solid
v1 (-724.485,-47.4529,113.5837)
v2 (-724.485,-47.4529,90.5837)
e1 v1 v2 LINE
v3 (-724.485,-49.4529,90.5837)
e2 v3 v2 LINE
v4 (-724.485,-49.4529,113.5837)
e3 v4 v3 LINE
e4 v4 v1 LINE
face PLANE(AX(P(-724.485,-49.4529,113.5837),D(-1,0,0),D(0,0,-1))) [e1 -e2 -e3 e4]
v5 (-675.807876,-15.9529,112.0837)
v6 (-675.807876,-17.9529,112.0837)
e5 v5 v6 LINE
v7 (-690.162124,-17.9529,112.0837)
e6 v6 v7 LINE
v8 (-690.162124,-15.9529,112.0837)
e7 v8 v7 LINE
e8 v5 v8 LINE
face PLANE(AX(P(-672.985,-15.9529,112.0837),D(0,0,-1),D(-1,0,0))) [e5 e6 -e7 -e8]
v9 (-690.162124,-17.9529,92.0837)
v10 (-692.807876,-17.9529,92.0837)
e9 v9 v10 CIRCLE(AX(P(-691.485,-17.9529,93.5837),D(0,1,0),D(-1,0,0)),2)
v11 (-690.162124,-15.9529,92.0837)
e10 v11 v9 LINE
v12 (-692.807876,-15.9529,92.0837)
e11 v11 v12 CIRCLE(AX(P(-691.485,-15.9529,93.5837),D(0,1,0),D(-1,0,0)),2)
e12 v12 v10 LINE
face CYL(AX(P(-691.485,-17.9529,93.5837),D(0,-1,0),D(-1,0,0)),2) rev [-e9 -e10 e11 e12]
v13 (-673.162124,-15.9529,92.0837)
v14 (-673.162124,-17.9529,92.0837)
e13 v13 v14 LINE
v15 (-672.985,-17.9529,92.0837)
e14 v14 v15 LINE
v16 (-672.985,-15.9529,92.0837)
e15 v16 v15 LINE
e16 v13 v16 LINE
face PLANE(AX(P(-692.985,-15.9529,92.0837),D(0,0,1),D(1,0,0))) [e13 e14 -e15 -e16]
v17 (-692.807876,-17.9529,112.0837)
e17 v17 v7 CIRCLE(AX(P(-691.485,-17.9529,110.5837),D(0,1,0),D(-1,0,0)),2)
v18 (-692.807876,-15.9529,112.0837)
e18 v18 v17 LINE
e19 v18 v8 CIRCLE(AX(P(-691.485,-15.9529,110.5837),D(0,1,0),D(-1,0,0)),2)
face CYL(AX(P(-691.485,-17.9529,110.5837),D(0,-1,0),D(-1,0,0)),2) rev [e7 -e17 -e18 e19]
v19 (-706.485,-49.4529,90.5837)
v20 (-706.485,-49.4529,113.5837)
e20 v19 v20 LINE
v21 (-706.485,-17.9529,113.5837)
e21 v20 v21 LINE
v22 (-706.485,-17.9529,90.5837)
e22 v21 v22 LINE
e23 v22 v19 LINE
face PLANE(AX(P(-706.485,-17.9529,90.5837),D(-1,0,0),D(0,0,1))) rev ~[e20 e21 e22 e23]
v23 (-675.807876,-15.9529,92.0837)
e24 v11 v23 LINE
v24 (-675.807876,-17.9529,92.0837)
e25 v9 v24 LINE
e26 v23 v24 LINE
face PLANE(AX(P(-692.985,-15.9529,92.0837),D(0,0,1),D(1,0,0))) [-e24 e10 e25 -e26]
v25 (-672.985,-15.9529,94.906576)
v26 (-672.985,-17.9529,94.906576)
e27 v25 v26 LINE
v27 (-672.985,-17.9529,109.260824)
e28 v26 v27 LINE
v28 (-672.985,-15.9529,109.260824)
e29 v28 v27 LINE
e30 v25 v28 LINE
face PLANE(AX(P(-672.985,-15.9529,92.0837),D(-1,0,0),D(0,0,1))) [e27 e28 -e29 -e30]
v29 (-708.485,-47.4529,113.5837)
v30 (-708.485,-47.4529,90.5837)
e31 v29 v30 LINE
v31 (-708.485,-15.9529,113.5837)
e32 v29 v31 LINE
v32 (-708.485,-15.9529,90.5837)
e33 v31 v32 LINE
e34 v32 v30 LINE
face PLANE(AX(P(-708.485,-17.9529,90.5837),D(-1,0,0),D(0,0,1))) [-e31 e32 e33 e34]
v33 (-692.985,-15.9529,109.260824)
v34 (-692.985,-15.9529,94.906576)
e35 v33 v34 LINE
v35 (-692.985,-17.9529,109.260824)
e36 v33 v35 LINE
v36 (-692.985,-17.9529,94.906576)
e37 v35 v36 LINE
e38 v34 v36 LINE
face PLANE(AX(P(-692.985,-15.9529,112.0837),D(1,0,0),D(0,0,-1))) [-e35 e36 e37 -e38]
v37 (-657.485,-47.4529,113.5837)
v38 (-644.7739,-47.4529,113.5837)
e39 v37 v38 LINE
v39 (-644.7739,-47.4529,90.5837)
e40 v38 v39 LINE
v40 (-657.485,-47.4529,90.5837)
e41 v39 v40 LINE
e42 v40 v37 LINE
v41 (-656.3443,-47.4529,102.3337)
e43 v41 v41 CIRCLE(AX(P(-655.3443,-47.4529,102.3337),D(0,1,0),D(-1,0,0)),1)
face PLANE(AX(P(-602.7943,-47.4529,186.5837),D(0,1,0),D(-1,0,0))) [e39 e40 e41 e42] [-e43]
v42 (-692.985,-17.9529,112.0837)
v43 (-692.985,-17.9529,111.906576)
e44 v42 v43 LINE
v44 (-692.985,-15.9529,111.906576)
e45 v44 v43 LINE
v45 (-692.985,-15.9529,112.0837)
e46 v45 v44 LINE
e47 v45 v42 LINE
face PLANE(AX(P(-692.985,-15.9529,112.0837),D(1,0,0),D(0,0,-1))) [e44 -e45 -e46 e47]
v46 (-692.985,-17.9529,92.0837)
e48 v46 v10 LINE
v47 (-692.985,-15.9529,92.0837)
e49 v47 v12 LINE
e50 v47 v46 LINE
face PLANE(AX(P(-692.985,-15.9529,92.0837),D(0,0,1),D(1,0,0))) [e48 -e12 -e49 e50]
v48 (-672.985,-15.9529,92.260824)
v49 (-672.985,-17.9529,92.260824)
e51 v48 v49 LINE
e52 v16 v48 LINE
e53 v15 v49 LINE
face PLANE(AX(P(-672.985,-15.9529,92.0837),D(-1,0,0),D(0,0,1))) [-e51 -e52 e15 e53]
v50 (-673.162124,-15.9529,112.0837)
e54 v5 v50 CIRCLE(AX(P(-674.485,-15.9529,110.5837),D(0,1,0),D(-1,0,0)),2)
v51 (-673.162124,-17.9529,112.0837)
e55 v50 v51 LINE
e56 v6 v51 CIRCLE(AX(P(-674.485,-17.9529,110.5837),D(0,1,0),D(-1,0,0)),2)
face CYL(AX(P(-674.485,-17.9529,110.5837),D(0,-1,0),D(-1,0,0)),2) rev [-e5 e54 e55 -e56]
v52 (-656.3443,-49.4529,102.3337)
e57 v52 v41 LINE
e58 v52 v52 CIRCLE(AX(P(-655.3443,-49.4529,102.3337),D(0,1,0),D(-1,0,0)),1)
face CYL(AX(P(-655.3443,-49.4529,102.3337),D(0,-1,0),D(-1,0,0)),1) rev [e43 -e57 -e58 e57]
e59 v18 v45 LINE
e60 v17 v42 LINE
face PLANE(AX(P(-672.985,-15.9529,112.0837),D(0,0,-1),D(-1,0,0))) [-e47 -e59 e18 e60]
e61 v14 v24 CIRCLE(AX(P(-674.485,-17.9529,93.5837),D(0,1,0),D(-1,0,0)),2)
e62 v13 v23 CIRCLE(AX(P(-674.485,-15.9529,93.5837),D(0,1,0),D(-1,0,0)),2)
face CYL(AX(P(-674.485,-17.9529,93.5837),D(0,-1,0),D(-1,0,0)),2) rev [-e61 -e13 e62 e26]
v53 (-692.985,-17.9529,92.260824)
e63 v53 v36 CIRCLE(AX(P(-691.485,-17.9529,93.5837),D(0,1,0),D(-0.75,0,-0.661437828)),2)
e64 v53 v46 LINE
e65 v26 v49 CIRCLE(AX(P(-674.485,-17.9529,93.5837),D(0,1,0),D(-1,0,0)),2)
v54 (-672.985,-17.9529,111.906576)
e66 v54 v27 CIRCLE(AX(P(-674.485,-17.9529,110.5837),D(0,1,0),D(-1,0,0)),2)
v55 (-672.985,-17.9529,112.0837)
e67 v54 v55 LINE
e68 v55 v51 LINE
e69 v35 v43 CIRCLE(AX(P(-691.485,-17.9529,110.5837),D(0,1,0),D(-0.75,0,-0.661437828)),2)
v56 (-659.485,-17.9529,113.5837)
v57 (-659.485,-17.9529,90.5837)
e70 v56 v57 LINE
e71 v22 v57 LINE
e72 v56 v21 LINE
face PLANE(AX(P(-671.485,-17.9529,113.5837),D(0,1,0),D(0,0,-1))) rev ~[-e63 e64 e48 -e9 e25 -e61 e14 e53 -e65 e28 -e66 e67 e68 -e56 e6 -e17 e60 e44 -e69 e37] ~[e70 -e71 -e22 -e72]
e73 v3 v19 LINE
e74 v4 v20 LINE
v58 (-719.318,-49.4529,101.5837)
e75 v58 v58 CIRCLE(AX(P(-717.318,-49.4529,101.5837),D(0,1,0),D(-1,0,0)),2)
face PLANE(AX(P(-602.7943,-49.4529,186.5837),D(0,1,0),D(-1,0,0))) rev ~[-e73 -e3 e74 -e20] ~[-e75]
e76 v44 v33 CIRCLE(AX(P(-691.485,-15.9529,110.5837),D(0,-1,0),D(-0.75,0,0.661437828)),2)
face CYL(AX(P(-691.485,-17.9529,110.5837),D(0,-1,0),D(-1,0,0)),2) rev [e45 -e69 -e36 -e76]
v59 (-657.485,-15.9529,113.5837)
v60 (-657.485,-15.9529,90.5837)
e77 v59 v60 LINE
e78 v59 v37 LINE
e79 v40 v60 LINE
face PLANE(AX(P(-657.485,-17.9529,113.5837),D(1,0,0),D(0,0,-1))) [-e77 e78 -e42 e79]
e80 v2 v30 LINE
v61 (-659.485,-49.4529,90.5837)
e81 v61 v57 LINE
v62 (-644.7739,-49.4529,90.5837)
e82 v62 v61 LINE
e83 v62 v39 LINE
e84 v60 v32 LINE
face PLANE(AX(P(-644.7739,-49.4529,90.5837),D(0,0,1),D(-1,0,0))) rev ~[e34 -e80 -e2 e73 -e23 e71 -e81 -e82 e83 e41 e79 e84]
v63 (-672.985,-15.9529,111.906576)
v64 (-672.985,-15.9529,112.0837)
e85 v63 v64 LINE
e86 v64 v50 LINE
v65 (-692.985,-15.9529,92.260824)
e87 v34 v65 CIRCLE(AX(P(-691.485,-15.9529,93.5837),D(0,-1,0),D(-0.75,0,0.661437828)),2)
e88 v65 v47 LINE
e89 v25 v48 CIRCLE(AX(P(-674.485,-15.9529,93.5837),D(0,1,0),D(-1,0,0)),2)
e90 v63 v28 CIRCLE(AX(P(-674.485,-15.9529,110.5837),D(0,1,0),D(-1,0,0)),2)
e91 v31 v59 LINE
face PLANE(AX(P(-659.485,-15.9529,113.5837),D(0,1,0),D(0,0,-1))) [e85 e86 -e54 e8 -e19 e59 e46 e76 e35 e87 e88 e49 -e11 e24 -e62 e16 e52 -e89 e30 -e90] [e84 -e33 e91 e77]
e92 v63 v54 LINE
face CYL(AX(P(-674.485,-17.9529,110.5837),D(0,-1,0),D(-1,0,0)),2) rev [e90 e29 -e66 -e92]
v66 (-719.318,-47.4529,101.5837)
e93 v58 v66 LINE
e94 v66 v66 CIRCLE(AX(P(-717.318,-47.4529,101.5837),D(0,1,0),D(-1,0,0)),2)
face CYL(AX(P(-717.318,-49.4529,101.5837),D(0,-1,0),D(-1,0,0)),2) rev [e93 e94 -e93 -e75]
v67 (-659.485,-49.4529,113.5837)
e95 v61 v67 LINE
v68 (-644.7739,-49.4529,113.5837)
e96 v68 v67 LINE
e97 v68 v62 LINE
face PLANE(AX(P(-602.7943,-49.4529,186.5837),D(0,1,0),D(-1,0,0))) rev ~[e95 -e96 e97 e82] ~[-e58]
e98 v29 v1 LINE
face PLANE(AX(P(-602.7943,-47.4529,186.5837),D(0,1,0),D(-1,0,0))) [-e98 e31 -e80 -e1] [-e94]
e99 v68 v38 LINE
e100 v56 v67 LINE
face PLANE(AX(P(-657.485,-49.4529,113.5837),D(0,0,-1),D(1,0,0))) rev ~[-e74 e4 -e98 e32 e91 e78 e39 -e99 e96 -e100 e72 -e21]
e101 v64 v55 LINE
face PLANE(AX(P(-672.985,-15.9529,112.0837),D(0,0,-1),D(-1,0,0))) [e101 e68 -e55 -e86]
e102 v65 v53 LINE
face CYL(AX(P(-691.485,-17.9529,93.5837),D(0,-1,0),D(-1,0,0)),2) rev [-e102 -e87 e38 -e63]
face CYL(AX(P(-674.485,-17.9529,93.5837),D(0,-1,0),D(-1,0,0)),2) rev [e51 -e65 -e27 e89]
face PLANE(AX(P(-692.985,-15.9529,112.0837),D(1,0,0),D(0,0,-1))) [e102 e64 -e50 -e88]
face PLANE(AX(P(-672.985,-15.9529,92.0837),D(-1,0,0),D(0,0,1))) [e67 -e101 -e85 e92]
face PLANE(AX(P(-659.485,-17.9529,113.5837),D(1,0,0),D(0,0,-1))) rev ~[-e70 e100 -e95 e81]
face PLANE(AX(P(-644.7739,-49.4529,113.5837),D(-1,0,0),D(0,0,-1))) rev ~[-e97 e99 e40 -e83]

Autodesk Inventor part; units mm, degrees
ref_plane "YZ Plane" through (0, 0, 0) normal (1, 0, 0) x (0, 1, 0)
ref_plane "XZ Plane" through (0, 0, 0) normal (0, 1, 0) x (-1, 0, 0)
ref_plane "XY Plane" through (0, 0, 0) normal (0, 0, 1) x (1, 0, 0)
ref_plane "РабПлоскость2" through (-682.985, -17.9529, 102.0837) normal (0, 1, 0) x (-1, 0, 0)
ref_plane "РабПлоскость3" through (1272.2614, -51.4529, 81.5837) normal (0, 0, 1) x (1, 0, 0)
sketch "Эскиз1" plane through (1272.2614, -51.4529, 81.5837) normal (0, 0, 1) x (1, 0, 0)
  point P0 (-1272.2614, 51.4529)
sketch "Эскиз2" plane through (-682.985, -17.9529, 102.0837) normal (0, 1, 0) x (-1, 0, 0)
  line L0 (-11.5, -11.5) -> (11.5, -11.5)
  line L1 (11.5, -11.5) -> (11.5, 11.5)
  line L2 (11.5, 11.5) -> (-11.5, 11.5)
  line L3 (-11.5, 11.5) -> (-11.5, -11.5)
  line L4 (-11.5, -11.5) -> (11.5, 11.5) construction
  line L5 (11.5, -11.5) -> (-11.5, 11.5) construction
  circle A0 centre (8.5, 8.5) radius 2
  circle A1 centre (8.5, -8.5) radius 2
  line L6 (0, 20.5912) -> (0, -22.1181)
  circle A2 centre (-8.5, 8.5) radius 2
  circle A3 centre (-8.5, -8.5) radius 2
  point P0 (-682.985, -102.0837)
  point P1 (0, 0)
  point P2 (0, 0)
  dimension "d0" = 23
  dimension "d1" = 23
  dimension "d2" = 4
  dimension "d5" = 3
  dimension "d6" = 3
  dimension "d7" = 4
  dimension "d8" = 3
  dimension "d9" = 3
extrude "Выдавливание1" add sketch "Эскиз2" along normal blind 2
sketch "Эскиз3" plane through (-694.485, -17.9529, 90.5837) normal (-1, 0, 0) x (0, 0, 1)
  line L0 (23, 0) -> (0, 0) projected
  line L1 (23, 2) -> (0, 2)
  line L2 (0, 2) -> (0, 0)
  line L3 (0, 0) -> (23, 0)
  line L4 (23, 0) -> (23, 2)
  point P0 (-90.5837, 17.9529)
extrude "Выдавливание2" add sketch "Эскиз3" along normal blind 12
sketch "Эскиз6" plane through (-706.485, -17.9529, 90.5837) normal (-1, 0, 0) x (0, 0, 1)
  line L0 (23, 2) -> (0, 2)
  line L1 (0, 2) -> (0, -31.5)
  line L2 (0, -31.5) -> (23, -31.5)
  line L3 (23, -31.5) -> (23, 2)
  point P0 (-90.5837, 17.9529)
  dimension "d14" = 33.5
extrude "Выдавливание3" add sketch "Эскиз6" along normal blind 2
sketch "Эскиз7" plane through (-671.485, -17.9529, 113.5837) normal (1, 0, 0) x (0, 0, -1)
  point P0 (113.5837, 17.9529)
sketch "Эскиз8" plane through (-682.985, -17.9529, 102.0837) normal (0, 1, 0) x (-1, 0, 0)
  point P0 (-682.985, -102.0837)
sketch "Эскиз9" plane through (-671.485, -17.9529, 113.5837) normal (1, 0, 0) x (0, 0, -1)
  line L0 (23, 0) -> (23, 2) projected
  line L1 (23, 2) -> (0, 2)
  line L2 (0, 2) -> (0, 0)
  line L3 (0, 0) -> (23, 0)
  line L4 (23, 0) -> (23, 2)
  point P0 (113.5837, 17.9529)
extrude "Выдавливание4" add sketch "Эскиз9" along normal blind 12
sketch "Эскиз10" plane through (-659.485, -17.9529, 113.5837) normal (1, 0, 0) x (0, 0, -1)
  line L0 (0, 2) -> (23, 2) projected
  line L1 (23, -31.5) -> (0, -31.5) projected
  line L2 (23, 2) -> (0, 2)
  line L3 (0, 2) -> (0, -31.5)
  line L4 (0, -31.5) -> (23, -31.5)
  line L5 (23, -31.5) -> (23, 2)
  point P0 (113.5837, 17.9529)
  point P1 (23, -31.5)
extrude "Выдавливание5" add sketch "Эскиз10" along normal blind 2
sketch "Эскиз11" plane through (-682.985, -15.9529, 102.0837) normal (0, 1, 0) x (1, 0, 0)
  line L0 (6.5, -6.5) -> (-6.5, -6.5)
  line L1 (-6.5, -6.5) -> (-6.5, 6.5)
  line L2 (-6.5, 6.5) -> (6.5, 6.5)
  line L3 (6.5, 6.5) -> (6.5, -6.5)
  line L4 (6.5, -6.5) -> (-6.5, 6.5) construction
  line L5 (-6.5, -6.5) -> (6.5, 6.5) construction
  point P0 (682.985, 102.0837)
  point P1 (0, 0)
  point P2 (0, 0)
  dimension "d21" = 13
  dimension "d22" = 13
extrude "Выдавливание6" cut sketch "Эскиз11" against normal blind 10
ref_plane "РабПлоскость4" through (-602.7943, -49.4529, 186.5837) normal (0, 1, 0) x (-1, 0, 0)
sketch "Эскиз12" plane through (-602.7943, -49.4529, 186.5837) normal (0, 1, 0) x (-1, 0, 0)
  circle A0 centre (114.5237, -85) radius 2 projected
  circle A1 centre (62.5237, -85) radius 2 projected
  line L0 (56.6907, -73) -> (56.6907, -96) projected
  line L1 (56.6907, -73) -> (121.6907, -73)
  line L2 (121.6907, -73) -> (121.6907, -96)
  line L3 (121.6907, -96) -> (56.6907, -96)
  line L4 (56.6907, -96) -> (56.6907, -73)
  line L5 (105.6907, -73) -> (105.6907, -96) projected
  point P0 (-602.7943, -186.5837)
  dimension "d25" = 65
extrude "Выдавливание8" add sketch "Эскиз12" along normal blind 2 contours L1 L2 L3 L5
ref_plane "РабПлоскость5" through (-602.7943, -49.4529, 186.5837) normal (0, 1, 0) x (-1, 0, 0)
sketch "Эскиз13" plane through (-602.7943, -49.4529, 186.5837) normal (0, 1, 0) x (-1, 0, 0)
  line L0 (54.6907, -96) -> (54.6907, -73) projected
  line L1 (54.6907, -73) -> (41.9796, -73)
  line L2 (41.9796, -73) -> (41.9796, -96)
  line L3 (41.9796, -96) -> (54.6907, -96)
  line L4 (54.6907, -96) -> (54.6907, -73)
  circle A0 centre (52.55, -84.25) radius 1 projected
  point P0 (-602.7943, -186.5837)
extrude "Выдавливание9" add sketch "Эскиз13" along normal blind 2
sketch "Эскиз14" plane through (-682.985, -15.9529, 102.0837) normal (0, 1, 0) x (1, 0, 0)
  line L0 (10, -10) -> (-10, -10)
  line L1 (-10, -10) -> (-10, 10)
  line L2 (-10, 10) -> (10, 10)
  line L3 (10, 10) -> (10, -10)
  line L4 (10, -10) -> (-10, 10) construction
  line L5 (-10, -10) -> (10, 10) construction
  point P0 (682.985, 102.0837)
  point P1 (0, 0)
  point P2 (0, 0)
  dimension "d32" = 20
  dimension "d33" = 20
extrude "Выдавливание10" cut sketch "Эскиз14" against normal blind 10
properties part number "деталь крепление энкодера"
